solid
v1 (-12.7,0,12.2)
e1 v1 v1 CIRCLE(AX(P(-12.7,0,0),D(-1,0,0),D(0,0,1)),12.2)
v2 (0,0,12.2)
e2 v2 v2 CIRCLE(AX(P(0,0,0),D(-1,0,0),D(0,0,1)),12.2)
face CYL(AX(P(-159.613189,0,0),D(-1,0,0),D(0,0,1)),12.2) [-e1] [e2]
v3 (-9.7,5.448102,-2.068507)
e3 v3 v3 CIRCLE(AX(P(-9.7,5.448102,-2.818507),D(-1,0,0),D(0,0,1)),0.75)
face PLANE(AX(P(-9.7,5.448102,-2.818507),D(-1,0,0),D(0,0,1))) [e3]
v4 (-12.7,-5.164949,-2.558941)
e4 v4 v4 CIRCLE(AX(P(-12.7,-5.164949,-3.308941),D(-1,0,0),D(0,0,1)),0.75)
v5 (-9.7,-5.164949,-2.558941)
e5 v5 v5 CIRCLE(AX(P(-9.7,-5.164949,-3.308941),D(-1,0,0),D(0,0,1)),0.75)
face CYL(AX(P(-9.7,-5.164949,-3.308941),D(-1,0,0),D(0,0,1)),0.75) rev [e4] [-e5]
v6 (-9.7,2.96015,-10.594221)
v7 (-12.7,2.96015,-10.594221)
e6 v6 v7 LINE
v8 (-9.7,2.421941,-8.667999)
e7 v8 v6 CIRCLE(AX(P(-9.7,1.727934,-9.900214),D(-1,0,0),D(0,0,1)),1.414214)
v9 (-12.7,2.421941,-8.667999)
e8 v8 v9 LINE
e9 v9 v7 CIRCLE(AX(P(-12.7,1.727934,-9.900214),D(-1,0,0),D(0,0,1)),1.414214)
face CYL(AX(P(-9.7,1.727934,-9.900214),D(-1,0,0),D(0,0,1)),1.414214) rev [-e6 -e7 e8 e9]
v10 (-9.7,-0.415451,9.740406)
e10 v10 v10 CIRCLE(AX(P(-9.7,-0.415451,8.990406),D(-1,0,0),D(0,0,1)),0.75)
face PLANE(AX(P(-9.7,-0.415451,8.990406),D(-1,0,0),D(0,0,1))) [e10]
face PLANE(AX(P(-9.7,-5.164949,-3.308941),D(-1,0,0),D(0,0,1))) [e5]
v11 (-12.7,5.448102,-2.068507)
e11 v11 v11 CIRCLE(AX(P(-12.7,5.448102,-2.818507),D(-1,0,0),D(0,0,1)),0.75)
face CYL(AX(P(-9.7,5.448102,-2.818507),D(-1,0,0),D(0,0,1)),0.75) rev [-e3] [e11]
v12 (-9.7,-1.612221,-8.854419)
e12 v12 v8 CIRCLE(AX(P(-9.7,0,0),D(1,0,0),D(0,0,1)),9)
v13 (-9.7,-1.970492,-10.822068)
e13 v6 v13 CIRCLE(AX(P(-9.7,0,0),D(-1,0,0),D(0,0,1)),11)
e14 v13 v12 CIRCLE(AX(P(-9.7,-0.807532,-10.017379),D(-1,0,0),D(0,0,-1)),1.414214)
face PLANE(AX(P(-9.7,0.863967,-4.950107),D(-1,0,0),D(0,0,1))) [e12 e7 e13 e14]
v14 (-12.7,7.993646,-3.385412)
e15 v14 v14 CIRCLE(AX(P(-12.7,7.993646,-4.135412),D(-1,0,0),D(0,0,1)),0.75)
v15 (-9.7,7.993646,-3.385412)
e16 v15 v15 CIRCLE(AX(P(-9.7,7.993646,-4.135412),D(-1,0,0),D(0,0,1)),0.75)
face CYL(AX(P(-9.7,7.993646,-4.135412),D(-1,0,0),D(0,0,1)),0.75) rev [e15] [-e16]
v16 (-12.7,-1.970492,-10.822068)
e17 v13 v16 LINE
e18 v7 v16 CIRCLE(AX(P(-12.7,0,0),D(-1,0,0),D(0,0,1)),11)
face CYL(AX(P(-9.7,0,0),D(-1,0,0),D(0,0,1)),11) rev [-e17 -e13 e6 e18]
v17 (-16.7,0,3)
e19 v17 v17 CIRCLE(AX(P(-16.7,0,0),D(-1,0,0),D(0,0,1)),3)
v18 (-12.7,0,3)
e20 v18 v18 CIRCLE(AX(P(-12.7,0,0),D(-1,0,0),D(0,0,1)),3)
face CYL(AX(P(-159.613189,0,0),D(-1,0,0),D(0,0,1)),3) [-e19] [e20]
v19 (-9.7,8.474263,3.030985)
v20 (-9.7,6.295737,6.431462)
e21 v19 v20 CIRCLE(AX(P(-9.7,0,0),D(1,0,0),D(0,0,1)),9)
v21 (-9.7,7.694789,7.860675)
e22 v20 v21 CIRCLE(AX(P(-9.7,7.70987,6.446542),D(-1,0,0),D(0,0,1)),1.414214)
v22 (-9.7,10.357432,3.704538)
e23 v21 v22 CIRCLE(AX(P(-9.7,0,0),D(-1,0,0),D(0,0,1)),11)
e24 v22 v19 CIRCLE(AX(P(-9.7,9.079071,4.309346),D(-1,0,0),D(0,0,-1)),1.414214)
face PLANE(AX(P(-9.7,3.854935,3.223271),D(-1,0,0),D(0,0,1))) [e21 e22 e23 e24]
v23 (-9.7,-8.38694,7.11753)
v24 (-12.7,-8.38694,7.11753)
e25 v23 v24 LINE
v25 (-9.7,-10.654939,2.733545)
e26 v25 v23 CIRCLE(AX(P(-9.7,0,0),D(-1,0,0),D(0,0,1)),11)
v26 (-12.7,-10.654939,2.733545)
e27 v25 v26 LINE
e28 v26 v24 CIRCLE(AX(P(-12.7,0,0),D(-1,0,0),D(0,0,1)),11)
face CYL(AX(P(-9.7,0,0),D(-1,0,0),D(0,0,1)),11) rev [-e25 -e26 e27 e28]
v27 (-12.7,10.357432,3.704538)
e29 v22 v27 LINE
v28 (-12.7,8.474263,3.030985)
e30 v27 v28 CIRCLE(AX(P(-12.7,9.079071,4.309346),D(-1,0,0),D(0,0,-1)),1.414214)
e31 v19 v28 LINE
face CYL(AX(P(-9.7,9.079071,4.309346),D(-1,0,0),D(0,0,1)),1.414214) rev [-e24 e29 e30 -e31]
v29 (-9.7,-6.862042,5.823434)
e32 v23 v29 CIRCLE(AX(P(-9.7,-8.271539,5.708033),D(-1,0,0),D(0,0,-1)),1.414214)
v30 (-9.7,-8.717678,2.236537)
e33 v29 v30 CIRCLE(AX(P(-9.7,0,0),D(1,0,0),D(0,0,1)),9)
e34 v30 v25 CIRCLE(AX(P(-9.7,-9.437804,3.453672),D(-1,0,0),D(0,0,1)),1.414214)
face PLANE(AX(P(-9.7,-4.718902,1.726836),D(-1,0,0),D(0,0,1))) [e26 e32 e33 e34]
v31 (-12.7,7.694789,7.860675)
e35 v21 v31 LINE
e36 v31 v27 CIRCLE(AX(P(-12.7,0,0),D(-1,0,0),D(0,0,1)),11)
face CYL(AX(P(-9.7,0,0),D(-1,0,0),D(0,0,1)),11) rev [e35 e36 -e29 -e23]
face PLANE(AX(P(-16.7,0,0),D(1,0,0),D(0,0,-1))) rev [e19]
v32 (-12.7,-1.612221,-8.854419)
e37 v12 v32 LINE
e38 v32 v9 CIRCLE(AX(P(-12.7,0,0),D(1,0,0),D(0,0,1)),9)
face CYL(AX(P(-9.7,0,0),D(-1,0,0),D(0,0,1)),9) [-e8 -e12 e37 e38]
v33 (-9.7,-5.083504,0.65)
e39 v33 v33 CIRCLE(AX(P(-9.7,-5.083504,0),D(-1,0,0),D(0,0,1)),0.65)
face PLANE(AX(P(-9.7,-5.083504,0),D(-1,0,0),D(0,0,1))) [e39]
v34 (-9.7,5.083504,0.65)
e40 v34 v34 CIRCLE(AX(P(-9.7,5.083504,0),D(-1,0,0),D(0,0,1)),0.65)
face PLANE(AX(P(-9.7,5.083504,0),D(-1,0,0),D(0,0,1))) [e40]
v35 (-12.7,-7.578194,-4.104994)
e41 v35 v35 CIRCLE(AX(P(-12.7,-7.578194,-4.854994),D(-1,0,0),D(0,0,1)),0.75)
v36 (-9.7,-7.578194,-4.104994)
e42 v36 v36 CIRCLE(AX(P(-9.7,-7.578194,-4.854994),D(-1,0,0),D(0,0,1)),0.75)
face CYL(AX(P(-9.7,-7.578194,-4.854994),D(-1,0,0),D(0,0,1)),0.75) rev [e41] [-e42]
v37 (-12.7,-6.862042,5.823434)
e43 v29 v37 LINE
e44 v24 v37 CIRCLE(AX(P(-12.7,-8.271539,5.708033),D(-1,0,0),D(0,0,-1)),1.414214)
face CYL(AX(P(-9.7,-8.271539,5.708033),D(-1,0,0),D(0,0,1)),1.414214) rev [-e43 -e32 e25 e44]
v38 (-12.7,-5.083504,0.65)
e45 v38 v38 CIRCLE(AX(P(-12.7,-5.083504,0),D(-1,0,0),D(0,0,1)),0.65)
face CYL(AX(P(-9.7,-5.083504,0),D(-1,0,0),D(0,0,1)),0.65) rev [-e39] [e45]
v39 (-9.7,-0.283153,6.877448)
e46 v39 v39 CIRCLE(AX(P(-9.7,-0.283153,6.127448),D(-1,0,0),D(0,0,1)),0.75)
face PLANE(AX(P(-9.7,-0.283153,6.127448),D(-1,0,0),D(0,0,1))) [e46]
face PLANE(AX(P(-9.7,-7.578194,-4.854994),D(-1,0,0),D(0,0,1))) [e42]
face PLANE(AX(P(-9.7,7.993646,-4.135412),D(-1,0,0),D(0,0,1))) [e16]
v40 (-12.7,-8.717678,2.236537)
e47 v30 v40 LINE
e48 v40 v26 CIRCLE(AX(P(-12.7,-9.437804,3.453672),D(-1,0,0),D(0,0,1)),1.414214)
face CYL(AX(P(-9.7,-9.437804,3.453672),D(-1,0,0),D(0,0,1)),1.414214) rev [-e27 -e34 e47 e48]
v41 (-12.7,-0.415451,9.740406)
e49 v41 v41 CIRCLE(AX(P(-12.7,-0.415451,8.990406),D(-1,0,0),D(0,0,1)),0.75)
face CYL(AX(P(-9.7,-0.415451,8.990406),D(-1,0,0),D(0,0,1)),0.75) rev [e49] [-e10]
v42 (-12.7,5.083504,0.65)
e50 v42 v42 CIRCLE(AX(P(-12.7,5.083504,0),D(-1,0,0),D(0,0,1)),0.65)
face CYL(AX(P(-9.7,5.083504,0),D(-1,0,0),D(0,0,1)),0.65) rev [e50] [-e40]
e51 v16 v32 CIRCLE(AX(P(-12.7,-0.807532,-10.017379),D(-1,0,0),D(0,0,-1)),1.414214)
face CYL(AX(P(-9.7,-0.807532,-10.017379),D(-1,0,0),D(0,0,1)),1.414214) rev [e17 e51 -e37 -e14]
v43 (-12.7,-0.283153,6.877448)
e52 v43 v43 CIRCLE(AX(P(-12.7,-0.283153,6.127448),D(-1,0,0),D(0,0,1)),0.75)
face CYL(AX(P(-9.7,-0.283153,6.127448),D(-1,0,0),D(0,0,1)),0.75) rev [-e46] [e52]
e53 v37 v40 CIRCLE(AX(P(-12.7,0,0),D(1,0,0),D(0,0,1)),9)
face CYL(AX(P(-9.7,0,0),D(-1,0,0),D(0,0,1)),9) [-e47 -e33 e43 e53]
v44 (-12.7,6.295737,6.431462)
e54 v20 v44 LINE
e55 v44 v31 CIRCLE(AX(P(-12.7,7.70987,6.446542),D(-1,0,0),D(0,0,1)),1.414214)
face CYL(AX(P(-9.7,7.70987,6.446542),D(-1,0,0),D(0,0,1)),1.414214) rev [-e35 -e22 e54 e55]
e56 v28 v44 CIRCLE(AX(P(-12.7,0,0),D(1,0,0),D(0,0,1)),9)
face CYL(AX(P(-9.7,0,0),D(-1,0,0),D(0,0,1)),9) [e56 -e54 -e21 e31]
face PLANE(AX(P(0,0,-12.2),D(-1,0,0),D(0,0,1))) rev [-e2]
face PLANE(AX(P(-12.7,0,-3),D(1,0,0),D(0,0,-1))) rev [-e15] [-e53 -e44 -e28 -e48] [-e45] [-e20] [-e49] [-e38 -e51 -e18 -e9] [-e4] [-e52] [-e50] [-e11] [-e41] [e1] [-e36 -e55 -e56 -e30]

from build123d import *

# Parameters (mm, degrees)
CUT_EXTRUDE_1_DEPTH = 3
SKETCH_4_R          = 0.75
CUT_EXTRUDE_2_DEPTH = 3
SKETCH_6_R          = 0.65
CUT_EXTRUDE_3_DEPTH = 3


with BuildPart() as part:
    # 草图1 → 旋转1 (revolve)
    with BuildSketch(Plane(origin=(0, 0, 0), x_dir=(1, 0, 0), z_dir=(0, 1, 0))):
        Polygon((0, 0), (-16.7, 0), (-16.7, 3), (-12.7, 3), (-12.7, 12.2), (0, 12.2), align=None)
    revolve(axis=Axis((-159.613189405, 0, 0), (1, 0, 0)))

    # 草图3 → 切除-拉伸1 (cut)
    with BuildSketch(Plane.ZY.offset(12.7)):
        with BuildLine():
            ThreePointArc((-8.667998766, 2.421940832), (-8.99040601, 0.415451281), (-8.854419452, -1.612220883))
            ThreePointArc((-8.854419452, -1.612220883), (-9.764043418, -2.198869939), (-10.822068219, -1.97049219))
            ThreePointArc((-10.822068219, -1.97049219), (-10.988274013, 0.507773788), (-10.594220714, 2.960149905))
            ThreePointArc((-10.594220714, 2.960149905), (-9.519642991, 3.089978996), (-8.667998766, 2.421940832))
        make_face()
        with BuildLine():
            ThreePointArc((6.43146167, 6.295736716), (4.854994369, 7.578194355), (3.030985485, 8.474262622))
            ThreePointArc((3.030985485, 8.474262622), (2.977744482, 9.555344613), (3.704537815, 10.357432094))
            ThreePointArc((3.704537815, 10.357432094), (5.933882006, 9.262237545), (7.860675374, 7.694789319))
            ThreePointArc((7.860675374, 7.694789319), (7.435821803, 6.699263167), (6.43146167, 6.295736716))
        make_face()
        with BuildLine():
            ThreePointArc((2.236537096, -8.717677547), (4.135411642, -7.993645636), (5.823433967, -6.862041739))
            ThreePointArc((5.823433967, -6.862041739), (6.786298936, -7.356474674), (7.117530404, -8.386939904))
            ThreePointArc((7.117530404, -8.386939904), (5.054392007, -9.770011333), (2.73354534, -10.654939224))
            ThreePointArc((2.73354534, -10.654939224), (2.083821188, -9.789242163), (2.236537096, -8.717677547))
        make_face()
    extrude(amount=-CUT_EXTRUDE_1_DEPTH, mode=Mode.SUBTRACT)

    # 草图4 → 切除-拉伸2 (cut)
    with BuildSketch(Plane.ZY.offset(12.7)):
        with Locations((-2.818506641, 5.448101727)):
            Circle(SKETCH_4_R)
        with Locations((-4.135411642, 7.993645636)):
            Circle(SKETCH_4_R)
        with Locations((8.99040601, -0.415451281)):
            Circle(SKETCH_4_R)
        with Locations((6.127447818, -0.283152512)):
            Circle(SKETCH_4_R)
        with Locations((-4.854994369, -7.578194355)):
            Circle(SKETCH_4_R)
        with Locations((-3.308941178, -5.164949215)):
            Circle(SKETCH_4_R)
    extrude(amount=-CUT_EXTRUDE_2_DEPTH, mode=Mode.SUBTRACT)

    # 草图6 → 切除-拉伸3 (cut)
    with BuildSketch(Plane.ZY.offset(12.7)):
        with Locations((0, 5.083503848)):
            Circle(SKETCH_6_R)
        with Locations((0, -5.083503848)):
            Circle(SKETCH_6_R)
    extrude(amount=-CUT_EXTRUDE_3_DEPTH, mode=Mode.SUBTRACT)


solid = part.part
